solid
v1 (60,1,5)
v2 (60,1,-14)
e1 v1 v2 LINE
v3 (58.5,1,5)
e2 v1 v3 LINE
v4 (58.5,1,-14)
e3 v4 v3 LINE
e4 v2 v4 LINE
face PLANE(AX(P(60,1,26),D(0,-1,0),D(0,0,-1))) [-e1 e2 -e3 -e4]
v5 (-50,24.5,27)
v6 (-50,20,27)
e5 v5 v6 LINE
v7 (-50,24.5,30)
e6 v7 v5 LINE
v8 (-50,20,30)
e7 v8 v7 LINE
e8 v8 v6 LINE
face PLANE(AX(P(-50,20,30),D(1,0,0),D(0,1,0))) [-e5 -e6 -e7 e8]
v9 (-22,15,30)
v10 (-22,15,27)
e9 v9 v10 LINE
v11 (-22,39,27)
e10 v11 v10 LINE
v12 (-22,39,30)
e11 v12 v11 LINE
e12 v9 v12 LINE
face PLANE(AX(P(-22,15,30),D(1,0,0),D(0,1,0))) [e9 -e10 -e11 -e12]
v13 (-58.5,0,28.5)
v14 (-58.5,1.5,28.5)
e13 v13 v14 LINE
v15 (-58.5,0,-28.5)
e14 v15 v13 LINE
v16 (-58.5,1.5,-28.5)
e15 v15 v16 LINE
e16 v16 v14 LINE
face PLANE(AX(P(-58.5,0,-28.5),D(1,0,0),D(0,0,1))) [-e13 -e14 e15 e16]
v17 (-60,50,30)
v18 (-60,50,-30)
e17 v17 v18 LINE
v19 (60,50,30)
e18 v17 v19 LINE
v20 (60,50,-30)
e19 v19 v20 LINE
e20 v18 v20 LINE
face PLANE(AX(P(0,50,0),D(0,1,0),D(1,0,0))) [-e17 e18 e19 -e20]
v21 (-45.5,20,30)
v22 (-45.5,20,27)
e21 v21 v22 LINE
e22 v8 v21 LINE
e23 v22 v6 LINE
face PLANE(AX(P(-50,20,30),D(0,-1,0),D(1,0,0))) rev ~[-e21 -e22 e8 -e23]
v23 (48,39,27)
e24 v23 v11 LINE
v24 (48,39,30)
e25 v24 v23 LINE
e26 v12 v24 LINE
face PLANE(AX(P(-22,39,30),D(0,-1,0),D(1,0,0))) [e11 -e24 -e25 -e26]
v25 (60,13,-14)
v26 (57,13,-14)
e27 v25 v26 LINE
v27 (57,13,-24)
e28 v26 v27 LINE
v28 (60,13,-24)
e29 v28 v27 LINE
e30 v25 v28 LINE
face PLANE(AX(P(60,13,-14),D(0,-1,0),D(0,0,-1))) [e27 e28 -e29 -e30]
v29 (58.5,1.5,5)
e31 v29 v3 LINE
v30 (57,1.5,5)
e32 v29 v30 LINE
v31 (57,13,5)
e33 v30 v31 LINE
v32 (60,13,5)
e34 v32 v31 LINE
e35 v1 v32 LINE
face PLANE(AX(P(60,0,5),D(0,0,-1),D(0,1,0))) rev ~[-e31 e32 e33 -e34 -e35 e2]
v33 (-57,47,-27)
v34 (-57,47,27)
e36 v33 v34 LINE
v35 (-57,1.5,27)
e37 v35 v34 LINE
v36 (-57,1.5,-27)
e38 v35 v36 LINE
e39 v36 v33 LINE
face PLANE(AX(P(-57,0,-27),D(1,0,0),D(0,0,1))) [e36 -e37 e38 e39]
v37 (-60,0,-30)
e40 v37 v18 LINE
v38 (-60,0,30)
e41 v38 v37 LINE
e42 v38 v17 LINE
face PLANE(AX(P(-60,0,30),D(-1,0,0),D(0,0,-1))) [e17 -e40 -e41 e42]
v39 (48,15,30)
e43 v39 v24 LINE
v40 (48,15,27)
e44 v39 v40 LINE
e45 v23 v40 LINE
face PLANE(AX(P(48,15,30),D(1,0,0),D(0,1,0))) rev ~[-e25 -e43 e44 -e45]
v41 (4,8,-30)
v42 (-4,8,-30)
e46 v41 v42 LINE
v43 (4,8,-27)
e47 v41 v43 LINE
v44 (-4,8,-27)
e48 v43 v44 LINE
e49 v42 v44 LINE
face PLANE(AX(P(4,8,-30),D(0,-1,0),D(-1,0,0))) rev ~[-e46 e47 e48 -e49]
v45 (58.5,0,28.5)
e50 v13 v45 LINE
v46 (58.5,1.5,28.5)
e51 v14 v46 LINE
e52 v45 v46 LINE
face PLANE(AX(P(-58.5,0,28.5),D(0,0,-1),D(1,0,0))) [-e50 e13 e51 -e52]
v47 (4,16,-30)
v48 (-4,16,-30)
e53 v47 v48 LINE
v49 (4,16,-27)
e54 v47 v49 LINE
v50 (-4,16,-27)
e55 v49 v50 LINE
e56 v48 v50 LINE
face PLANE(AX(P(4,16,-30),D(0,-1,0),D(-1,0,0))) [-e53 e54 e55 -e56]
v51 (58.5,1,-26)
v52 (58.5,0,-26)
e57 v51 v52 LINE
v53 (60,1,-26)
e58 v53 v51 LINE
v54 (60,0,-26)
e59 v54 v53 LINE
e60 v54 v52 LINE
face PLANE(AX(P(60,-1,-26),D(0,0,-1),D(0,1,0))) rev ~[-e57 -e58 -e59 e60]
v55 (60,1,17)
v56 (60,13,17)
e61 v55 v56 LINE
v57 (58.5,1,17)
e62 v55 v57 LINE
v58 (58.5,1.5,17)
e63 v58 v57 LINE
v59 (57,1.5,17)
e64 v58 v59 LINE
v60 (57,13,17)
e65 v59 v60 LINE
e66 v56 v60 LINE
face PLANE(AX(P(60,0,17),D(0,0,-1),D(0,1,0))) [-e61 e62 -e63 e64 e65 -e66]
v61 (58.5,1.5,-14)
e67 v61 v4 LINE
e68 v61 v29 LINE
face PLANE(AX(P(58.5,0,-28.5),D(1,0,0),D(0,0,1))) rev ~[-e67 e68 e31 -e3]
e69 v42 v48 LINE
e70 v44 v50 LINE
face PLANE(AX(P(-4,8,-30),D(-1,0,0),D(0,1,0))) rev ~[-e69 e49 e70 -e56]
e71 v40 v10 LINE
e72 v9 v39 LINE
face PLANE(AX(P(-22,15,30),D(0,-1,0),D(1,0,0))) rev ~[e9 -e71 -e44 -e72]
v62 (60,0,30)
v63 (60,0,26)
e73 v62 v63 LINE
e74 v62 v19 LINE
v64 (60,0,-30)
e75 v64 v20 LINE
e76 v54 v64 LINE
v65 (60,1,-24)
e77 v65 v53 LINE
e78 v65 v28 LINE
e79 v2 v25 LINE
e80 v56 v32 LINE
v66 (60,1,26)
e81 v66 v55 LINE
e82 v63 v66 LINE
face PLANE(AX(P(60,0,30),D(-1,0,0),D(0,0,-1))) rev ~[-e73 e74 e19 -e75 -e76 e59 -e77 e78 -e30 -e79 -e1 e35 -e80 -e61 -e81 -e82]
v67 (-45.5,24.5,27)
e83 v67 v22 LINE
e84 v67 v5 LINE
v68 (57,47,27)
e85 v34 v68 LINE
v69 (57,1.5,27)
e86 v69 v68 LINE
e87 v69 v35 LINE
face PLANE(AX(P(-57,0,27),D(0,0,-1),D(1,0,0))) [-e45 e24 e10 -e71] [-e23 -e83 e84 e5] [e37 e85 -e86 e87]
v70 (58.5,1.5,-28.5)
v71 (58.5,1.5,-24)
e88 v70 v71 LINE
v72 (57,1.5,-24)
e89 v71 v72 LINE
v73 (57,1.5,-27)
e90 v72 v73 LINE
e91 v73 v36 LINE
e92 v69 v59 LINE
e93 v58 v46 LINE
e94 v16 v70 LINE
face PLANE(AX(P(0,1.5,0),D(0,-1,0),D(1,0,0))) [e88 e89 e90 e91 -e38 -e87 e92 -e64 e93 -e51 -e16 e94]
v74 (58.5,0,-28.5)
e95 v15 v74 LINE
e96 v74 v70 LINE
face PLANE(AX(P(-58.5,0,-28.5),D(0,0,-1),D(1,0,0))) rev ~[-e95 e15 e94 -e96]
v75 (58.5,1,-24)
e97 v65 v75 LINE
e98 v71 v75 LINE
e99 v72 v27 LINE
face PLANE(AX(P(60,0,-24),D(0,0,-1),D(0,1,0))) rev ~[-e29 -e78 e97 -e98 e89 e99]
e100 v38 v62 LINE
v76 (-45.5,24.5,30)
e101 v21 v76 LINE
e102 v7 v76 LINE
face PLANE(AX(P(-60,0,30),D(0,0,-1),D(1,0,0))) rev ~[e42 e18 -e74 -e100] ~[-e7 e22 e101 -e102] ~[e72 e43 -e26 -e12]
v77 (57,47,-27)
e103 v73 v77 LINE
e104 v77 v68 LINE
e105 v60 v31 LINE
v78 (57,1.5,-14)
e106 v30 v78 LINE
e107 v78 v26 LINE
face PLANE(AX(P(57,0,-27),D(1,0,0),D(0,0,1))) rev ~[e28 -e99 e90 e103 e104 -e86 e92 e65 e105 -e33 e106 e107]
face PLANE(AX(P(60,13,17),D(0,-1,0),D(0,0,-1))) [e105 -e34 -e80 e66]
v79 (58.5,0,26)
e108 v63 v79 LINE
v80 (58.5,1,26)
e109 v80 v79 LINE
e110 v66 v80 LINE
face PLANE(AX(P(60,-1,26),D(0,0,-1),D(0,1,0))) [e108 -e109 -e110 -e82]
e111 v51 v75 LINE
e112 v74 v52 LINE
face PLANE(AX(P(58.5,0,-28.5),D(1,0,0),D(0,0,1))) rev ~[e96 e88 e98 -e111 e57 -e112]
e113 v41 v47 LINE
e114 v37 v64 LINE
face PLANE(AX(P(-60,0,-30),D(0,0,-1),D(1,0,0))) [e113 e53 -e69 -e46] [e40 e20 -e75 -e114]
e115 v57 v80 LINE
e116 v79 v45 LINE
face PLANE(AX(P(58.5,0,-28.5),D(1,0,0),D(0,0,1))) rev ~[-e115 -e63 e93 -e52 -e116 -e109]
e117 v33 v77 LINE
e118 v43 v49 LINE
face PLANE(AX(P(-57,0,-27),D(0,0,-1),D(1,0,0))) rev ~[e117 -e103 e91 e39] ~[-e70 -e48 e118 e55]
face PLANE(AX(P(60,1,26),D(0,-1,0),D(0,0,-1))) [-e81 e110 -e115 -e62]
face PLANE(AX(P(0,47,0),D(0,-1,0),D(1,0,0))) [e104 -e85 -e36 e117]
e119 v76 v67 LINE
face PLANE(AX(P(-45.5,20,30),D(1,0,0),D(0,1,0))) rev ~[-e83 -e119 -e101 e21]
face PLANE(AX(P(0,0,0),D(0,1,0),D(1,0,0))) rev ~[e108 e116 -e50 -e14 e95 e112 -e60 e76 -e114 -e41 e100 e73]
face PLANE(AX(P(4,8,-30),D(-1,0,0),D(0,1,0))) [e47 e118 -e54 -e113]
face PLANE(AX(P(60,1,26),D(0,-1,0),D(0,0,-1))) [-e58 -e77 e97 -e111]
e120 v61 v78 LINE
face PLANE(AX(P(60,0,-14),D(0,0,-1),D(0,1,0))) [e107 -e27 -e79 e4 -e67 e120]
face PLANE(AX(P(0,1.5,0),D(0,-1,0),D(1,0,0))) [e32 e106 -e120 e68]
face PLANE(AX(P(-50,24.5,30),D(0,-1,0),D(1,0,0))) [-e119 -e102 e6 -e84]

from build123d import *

# Parameters (mm, degrees)
SKETCH1_W           = 120
SKETCH1_H           = 60
BOSS_EXTRUDE1_DEPTH = 50
SKETCH2_W           = 114
SKETCH2_H           = 54
CUT_EXTRUDE1_DEPTH  = 47
SKETCH5_W           = 70
SKETCH5_H           = 24
CUT_EXTRUDE3_DEPTH  = 7
SKETCH6_W           = 4.5
SKETCH6_H           = 4.5
CUT_EXTRUDE4_DEPTH  = 7
SKETCH7_W           = 12
SKETCH7_H           = 13
SKETCH7_W_2         = 10
CUT_EXTRUDE5_DEPTH  = 3
SKETCH8_W           = 52
SKETCH8_H           = 2
CUT_EXTRUDE6_DEPTH  = 13
SKETCH9_W           = 117
SKETCH9_H           = 57
CUT_EXTRUDE7_DEPTH  = 1.5
SKETCH10_W          = 8
SKETCH10_H          = 8
CUT_EXTRUDE8_DEPTH  = 11.5


with BuildPart() as part:
    # Sketch1 → Boss-Extrude1 (new body)
    with BuildSketch(Plane(origin=(0, 0, 0), x_dir=(1, 0, 0), z_dir=(0, 1, 0))):
        Rectangle(SKETCH1_W, SKETCH1_H)
    extrude(amount=BOSS_EXTRUDE1_DEPTH)

    # Sketch2 → Cut-Extrude1 (cut)
    with BuildSketch(Plane.XZ):
        Rectangle(SKETCH2_W, SKETCH2_H)
    extrude(amount=-CUT_EXTRUDE1_DEPTH, mode=Mode.SUBTRACT)

    # Sketch5 → Cut-Extrude3 (cut)
    with BuildSketch(Plane.XY.offset(30)):
        with Locations((13, 27)):
            Rectangle(SKETCH5_W, SKETCH5_H)
    extrude(amount=-CUT_EXTRUDE3_DEPTH, mode=Mode.SUBTRACT)

    # Sketch6 → Cut-Extrude4 (cut)
    with BuildSketch(Plane.XY.offset(30)):
        with Locations((-47.75, 22.25)):
            Rectangle(SKETCH6_W, SKETCH6_H)
    extrude(amount=-CUT_EXTRUDE4_DEPTH, mode=Mode.SUBTRACT)

    # Sketch7 → Cut-Extrude5 (cut)
    with BuildSketch(Plane(origin=(60, 0, 0), x_dir=(0, 0, -1), z_dir=(1, 0, 0))):
        with Locations((-11, 6.5)):
            Rectangle(SKETCH7_W, SKETCH7_H)
        with Locations((19, 6.5)):
            Rectangle(SKETCH7_W_2, SKETCH7_H)
    extrude(amount=-CUT_EXTRUDE5_DEPTH, mode=Mode.SUBTRACT)

    # Sketch8 → Cut-Extrude6 (cut)
    with BuildSketch(Plane(origin=(60, 0, 0), x_dir=(0, 0, -1), z_dir=(1, 0, 0))):
        Rectangle(SKETCH8_W, SKETCH8_H)
    extrude(amount=-CUT_EXTRUDE6_DEPTH, mode=Mode.SUBTRACT)

    # Sketch9 → Cut-Extrude7 (cut)
    with BuildSketch(Plane.XZ):
        Rectangle(SKETCH9_W, SKETCH9_H)
    extrude(amount=-CUT_EXTRUDE7_DEPTH, mode=Mode.SUBTRACT)

    # Sketch10 → Cut-Extrude8 (cut)
    with BuildSketch(Plane(origin=(0, 0, -30), x_dir=(-1, 0, 0), z_dir=(0, 0, -1))):
        with Locations((0, 12)):
            Rectangle(SKETCH10_W, SKETCH10_H)
    extrude(amount=-CUT_EXTRUDE8_DEPTH, mode=Mode.SUBTRACT)


solid = part.part
